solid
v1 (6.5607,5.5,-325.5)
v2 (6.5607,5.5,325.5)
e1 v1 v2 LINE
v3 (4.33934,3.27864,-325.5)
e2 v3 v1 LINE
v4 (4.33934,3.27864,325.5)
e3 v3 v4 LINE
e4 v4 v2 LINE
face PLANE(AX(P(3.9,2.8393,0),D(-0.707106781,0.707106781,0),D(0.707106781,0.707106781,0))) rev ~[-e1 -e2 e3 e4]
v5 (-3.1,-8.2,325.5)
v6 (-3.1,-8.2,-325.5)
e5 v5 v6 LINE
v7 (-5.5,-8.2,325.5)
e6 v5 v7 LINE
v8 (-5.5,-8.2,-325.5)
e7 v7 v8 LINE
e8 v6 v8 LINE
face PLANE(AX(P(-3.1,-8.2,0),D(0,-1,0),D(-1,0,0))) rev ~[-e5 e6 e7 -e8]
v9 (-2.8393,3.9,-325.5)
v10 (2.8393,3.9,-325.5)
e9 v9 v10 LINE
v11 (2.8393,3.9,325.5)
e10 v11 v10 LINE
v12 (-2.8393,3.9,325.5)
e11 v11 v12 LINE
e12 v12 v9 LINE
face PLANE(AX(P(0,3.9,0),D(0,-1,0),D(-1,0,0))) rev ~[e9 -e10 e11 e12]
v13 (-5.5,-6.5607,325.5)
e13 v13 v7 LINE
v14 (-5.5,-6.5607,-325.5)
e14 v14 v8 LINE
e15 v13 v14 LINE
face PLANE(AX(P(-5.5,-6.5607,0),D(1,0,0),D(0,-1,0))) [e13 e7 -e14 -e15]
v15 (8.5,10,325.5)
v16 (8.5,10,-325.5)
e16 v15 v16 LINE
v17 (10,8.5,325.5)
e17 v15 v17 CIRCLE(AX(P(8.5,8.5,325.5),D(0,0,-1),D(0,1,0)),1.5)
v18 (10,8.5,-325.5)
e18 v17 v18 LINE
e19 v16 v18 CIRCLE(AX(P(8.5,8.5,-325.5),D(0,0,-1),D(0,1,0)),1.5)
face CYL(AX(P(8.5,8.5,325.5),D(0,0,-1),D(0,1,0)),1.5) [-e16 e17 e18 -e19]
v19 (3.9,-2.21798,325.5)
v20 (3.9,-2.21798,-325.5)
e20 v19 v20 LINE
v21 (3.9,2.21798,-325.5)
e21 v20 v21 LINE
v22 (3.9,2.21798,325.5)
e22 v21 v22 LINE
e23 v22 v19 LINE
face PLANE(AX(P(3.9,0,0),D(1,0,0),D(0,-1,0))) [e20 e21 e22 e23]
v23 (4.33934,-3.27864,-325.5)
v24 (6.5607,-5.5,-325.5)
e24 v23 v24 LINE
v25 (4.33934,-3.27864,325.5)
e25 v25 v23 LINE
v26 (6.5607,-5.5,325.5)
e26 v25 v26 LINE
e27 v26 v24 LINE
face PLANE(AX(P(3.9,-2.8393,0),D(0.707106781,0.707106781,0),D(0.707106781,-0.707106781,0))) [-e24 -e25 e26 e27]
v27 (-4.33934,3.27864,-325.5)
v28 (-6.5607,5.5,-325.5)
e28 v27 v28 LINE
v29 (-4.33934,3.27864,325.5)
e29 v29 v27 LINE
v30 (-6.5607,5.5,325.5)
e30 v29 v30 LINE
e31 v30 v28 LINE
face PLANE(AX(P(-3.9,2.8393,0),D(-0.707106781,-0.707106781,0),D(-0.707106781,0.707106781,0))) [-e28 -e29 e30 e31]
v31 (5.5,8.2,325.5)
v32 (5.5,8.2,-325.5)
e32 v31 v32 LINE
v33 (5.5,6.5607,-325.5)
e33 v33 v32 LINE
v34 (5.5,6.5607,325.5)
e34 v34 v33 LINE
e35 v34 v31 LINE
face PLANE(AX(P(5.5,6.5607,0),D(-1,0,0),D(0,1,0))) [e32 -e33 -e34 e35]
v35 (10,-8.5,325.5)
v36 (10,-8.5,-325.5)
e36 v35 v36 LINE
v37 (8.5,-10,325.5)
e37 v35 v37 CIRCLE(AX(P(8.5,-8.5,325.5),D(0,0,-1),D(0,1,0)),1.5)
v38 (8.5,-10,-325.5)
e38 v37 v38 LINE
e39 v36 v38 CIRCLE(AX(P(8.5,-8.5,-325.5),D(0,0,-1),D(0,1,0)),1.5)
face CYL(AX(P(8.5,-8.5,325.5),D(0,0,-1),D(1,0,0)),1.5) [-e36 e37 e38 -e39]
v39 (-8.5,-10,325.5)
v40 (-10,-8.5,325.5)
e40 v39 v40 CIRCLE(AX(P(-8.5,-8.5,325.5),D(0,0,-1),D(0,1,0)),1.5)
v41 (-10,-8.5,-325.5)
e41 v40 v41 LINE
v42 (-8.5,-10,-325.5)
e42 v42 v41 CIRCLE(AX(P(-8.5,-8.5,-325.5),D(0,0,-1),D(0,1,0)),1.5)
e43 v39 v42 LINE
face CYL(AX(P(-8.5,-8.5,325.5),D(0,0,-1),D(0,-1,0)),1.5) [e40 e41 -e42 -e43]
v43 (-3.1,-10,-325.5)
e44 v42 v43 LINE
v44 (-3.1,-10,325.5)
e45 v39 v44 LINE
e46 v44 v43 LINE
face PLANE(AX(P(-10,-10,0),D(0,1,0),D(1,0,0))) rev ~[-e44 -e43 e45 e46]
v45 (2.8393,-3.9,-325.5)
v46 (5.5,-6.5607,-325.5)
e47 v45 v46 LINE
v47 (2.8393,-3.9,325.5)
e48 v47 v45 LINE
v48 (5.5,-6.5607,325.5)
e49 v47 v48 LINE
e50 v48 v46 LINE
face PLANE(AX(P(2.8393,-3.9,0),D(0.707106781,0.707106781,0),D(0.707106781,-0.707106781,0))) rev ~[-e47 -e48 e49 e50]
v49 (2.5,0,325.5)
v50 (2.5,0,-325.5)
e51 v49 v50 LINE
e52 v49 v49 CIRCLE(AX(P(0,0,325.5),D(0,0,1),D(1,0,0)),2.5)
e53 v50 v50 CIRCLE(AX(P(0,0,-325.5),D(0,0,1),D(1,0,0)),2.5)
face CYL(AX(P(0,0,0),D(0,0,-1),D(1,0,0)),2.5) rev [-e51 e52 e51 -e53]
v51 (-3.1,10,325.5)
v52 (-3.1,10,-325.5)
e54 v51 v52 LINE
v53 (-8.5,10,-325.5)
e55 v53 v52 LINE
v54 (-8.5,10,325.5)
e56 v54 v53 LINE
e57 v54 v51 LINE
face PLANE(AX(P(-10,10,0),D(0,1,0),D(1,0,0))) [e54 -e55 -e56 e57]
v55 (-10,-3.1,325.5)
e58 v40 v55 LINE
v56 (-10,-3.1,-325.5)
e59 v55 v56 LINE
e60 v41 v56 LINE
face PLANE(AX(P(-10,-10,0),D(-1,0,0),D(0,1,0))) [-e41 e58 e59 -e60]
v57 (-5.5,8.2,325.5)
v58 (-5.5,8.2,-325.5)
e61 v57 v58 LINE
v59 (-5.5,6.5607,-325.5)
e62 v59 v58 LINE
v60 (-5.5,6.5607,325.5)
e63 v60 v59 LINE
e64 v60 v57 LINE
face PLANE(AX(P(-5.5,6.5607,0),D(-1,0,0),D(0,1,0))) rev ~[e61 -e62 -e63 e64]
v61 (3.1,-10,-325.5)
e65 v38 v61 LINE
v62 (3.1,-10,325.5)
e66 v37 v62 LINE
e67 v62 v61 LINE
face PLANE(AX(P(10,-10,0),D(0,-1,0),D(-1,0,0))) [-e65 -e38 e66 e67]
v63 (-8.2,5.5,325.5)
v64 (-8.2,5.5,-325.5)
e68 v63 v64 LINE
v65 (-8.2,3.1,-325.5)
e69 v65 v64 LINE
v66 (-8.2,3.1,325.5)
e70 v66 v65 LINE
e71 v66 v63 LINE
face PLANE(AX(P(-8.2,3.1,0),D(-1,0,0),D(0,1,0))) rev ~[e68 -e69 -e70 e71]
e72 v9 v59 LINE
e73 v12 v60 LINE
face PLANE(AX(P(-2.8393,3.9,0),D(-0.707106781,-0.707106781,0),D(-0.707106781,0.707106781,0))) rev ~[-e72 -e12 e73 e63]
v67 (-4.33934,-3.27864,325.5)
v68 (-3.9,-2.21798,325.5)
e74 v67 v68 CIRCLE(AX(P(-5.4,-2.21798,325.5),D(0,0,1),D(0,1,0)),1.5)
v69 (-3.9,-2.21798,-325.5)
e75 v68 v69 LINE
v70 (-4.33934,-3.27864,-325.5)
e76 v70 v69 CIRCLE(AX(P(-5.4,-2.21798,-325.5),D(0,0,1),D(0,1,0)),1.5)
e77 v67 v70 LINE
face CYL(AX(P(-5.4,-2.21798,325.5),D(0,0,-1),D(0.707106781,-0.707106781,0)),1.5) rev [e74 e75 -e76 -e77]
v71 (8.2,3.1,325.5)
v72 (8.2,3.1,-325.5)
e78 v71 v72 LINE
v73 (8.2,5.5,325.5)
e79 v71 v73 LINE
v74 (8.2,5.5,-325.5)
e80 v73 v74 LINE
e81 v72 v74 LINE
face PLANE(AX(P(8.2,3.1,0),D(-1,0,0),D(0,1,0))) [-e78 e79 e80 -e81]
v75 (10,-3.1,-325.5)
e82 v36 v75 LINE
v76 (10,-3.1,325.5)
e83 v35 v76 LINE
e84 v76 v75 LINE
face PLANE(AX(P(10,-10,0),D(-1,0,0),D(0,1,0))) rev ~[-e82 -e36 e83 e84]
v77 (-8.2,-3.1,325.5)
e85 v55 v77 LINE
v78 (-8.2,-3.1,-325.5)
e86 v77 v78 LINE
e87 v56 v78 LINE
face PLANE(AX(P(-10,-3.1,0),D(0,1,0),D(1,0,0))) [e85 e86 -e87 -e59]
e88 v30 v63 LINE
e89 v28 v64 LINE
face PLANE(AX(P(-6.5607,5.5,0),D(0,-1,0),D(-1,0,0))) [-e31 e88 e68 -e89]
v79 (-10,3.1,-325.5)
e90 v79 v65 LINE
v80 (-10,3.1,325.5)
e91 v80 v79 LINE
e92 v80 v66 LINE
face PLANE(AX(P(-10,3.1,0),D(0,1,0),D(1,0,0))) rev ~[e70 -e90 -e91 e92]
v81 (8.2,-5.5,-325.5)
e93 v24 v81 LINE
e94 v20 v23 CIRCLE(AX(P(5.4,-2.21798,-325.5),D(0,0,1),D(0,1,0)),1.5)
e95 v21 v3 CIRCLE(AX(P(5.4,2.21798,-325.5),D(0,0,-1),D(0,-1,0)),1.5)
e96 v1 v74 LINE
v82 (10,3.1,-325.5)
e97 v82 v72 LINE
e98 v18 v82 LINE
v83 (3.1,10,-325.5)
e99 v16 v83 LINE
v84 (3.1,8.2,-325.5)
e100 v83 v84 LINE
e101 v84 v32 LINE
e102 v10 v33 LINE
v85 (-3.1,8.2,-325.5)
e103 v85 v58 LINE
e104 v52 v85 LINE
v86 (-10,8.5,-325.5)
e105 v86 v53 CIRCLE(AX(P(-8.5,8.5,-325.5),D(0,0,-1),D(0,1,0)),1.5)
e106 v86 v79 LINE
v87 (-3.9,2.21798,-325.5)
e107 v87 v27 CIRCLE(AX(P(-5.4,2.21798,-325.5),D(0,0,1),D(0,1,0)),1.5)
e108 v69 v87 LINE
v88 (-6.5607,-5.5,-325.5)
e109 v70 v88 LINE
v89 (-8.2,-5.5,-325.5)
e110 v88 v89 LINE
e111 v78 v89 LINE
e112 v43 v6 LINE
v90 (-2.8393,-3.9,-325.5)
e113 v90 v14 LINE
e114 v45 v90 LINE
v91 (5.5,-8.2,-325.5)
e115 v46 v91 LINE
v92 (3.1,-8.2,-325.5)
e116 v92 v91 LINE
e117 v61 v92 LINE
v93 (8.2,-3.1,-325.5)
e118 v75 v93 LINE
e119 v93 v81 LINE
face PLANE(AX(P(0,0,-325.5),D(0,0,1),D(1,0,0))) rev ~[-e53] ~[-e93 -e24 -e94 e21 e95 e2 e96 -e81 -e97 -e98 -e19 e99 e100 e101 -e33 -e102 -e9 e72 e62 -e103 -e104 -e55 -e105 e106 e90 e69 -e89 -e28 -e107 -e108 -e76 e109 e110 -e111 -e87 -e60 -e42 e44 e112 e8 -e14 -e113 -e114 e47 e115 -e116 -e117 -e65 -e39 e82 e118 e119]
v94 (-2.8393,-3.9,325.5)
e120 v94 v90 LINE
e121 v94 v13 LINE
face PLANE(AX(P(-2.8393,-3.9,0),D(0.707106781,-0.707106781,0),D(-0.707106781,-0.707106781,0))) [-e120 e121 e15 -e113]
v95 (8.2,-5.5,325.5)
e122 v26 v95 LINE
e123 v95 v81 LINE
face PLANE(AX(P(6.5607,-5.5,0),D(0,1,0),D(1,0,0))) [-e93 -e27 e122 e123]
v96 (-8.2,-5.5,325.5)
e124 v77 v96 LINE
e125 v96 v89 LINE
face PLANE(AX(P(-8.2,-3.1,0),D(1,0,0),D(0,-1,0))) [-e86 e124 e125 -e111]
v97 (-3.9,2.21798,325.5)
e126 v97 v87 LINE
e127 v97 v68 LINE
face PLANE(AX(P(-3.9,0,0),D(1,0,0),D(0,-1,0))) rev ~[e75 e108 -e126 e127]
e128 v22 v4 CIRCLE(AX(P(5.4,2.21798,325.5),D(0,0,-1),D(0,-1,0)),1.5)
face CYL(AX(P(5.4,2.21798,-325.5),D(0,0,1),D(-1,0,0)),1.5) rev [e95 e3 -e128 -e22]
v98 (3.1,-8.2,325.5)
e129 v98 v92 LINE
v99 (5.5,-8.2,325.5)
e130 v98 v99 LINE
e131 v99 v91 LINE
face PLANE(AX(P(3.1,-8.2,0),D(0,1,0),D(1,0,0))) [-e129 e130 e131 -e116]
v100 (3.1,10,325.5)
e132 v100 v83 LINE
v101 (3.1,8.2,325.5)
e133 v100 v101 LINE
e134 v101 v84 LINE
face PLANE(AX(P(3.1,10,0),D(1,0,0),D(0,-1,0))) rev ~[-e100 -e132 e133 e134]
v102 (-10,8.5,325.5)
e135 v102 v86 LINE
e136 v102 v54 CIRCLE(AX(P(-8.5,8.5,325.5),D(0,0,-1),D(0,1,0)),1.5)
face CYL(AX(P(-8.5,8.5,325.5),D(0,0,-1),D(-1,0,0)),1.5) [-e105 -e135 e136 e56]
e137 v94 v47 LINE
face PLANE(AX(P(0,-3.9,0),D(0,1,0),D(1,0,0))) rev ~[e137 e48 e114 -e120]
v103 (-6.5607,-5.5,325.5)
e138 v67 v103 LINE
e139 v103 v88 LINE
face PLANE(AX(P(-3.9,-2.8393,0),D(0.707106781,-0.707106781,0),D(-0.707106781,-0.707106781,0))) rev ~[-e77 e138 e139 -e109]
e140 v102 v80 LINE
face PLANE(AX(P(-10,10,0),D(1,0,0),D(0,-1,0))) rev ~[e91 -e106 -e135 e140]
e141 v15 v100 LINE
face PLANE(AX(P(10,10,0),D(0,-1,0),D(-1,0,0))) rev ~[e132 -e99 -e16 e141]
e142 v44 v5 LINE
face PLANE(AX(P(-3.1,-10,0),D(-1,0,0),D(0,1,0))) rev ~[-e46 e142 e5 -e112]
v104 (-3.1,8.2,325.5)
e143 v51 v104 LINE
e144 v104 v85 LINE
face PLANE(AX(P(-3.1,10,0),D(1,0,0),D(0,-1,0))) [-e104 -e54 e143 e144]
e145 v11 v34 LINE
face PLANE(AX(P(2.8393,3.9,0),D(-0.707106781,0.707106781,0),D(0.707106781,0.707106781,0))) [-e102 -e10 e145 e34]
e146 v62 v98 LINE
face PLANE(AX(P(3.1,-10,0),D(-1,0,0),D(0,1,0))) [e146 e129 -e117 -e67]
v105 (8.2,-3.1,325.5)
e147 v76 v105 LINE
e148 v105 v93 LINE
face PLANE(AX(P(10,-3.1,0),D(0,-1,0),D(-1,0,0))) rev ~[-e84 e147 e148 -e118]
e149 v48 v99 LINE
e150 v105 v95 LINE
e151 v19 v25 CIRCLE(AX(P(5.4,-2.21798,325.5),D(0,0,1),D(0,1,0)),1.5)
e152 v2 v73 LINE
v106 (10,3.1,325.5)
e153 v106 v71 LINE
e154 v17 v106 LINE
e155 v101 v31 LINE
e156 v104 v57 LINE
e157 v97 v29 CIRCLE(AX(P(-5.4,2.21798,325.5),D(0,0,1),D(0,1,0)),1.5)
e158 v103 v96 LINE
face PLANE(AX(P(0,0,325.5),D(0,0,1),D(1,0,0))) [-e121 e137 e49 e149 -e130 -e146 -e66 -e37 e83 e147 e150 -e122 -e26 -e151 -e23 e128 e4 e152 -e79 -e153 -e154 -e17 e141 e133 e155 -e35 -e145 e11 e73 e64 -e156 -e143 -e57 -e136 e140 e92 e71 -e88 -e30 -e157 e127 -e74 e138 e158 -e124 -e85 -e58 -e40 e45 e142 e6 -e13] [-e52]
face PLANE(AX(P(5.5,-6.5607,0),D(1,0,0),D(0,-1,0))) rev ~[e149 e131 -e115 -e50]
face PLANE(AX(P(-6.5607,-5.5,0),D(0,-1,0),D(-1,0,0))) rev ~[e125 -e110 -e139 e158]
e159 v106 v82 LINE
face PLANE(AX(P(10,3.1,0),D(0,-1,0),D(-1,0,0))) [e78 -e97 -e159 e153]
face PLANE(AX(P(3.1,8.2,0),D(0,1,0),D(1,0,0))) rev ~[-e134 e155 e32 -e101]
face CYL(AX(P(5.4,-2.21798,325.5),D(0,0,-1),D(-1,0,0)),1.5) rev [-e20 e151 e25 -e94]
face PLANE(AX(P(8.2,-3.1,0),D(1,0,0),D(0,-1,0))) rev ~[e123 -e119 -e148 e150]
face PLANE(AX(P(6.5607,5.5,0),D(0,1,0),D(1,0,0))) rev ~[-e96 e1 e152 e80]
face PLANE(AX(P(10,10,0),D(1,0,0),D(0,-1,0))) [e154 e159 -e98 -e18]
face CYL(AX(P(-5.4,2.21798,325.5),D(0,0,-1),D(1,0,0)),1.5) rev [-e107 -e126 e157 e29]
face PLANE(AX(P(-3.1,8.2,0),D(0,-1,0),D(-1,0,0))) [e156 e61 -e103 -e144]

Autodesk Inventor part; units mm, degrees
ref_plane "YZ Plane" through (0, 0, 0) normal (1, 0, 0) x (0, 1, 0)
ref_plane "XZ Plane" through (0, 0, 0) normal (0, 1, 0) x (-1, 0, 0)
ref_plane "XY Plane" through (0, 0, 0) normal (0, 0, 1) x (1, 0, 0)
sketch "Sketch1" plane through (0, 0, 0) normal (0, 0, 1) x (1, 0, 0)
  line L0 (-10, 10) -> (10, 10) construction
  line L1 (10, 10) -> (10, -10) construction
  line L2 (10, -10) -> (-10, -10) construction
  line L3 (-10, -10) -> (-10, 10) construction
  line L4 (0, 10) -> (0, -10) construction
  circle A0 centre (0, 0) radius 2.5
  line L5 (10, 0) -> (-10, 0) construction
  line L6 (0, 0) -> (10, 10) construction
  line L7 (-3.9, 3.9) -> (3.9, 3.9) construction
  line L8 (3.9, 3.9) -> (3.9, -3.9) construction
  line L9 (3.9, -3.9) -> (-3.9, -3.9) construction
  line L10 (-3.9, -3.9) -> (-3.9, 3.9) construction
  line L11 (2.8393, 3.9) -> (3.9, 2.8393) construction
  line L12 (10, 10) -> (5.5, 10) construction
  line L13 (5.5, 10) -> (5.5, 5.5) construction
  line L14 (5.5, 5.5) -> (10, 5.5) construction
  line L15 (10, 5.5) -> (10, 10) construction
  line L16 (3.9, 0) -> (3.9, 2.8393)
  line L17 (3.9, 2.8393) -> (6.5607, 5.5)
  line L18 (0, 3.9) -> (2.8393, 3.9)
  line L19 (2.8393, 3.9) -> (5.5, 6.5607)
  line L20 (10, 10) -> (10, 3.1)
  line L21 (10, 3.1) -> (8.2, 3.1)
  line L22 (8.2, 3.1) -> (8.2, 5.5)
  line L23 (6.5607, 5.5) -> (8.2, 5.5)
  line L24 (10, 10) -> (3.1, 10)
  line L25 (3.1, 10) -> (3.1, 8.2)
  line L26 (3.1, 8.2) -> (5.5, 8.2)
  line L27 (5.5, 6.5607) -> (5.5, 8.2)
  line L28 (-3.9, 0) -> (-3.9, 2.8393)
  line L29 (-3.9, 2.8393) -> (-6.5607, 5.5)
  line L30 (0, 3.9) -> (-2.8393, 3.9)
  line L31 (-2.8393, 3.9) -> (-5.5, 6.5607)
  line L32 (-10, 10) -> (-10, 3.1)
  line L33 (-10, 3.1) -> (-8.2, 3.1)
  line L34 (-8.2, 3.1) -> (-8.2, 5.5)
  line L35 (-6.5607, 5.5) -> (-8.2, 5.5)
  line L36 (-10, 10) -> (-3.1, 10)
  line L37 (-3.1, 10) -> (-3.1, 8.2)
  line L38 (-3.1, 8.2) -> (-5.5, 8.2)
  line L39 (-5.5, 6.5607) -> (-5.5, 8.2)
  line L40 (3.9, 0) -> (3.9, -2.8393)
  line L41 (3.9, -2.8393) -> (6.5607, -5.5)
  line L42 (0, -3.9) -> (2.8393, -3.9)
  line L43 (2.8393, -3.9) -> (5.5, -6.5607)
  line L44 (10, -10) -> (10, -3.1)
  line L45 (10, -3.1) -> (8.2, -3.1)
  line L46 (8.2, -3.1) -> (8.2, -5.5)
  line L47 (6.5607, -5.5) -> (8.2, -5.5)
  line L48 (10, -10) -> (3.1, -10)
  line L49 (3.1, -10) -> (3.1, -8.2)
  line L50 (3.1, -8.2) -> (5.5, -8.2)
  line L51 (5.5, -6.5607) -> (5.5, -8.2)
  line L52 (-3.9, 0) -> (-3.9, -2.8393)
  line L53 (-3.9, -2.8393) -> (-6.5607, -5.5)
  line L54 (-6.5607, -5.5) -> (-8.2, -5.5)
  line L55 (-8.2, -3.1) -> (-8.2, -5.5)
  line L56 (-10, -3.1) -> (-8.2, -3.1)
  line L57 (-10, -10) -> (-10, -3.1)
  line L58 (-10, -10) -> (-3.1, -10)
  line L59 (-3.1, -10) -> (-3.1, -8.2)
  line L60 (-3.1, -8.2) -> (-5.5, -8.2)
  line L61 (-5.5, -6.5607) -> (-5.5, -8.2)
  line L62 (-2.8393, -3.9) -> (-5.5, -6.5607)
  line L63 (0, -3.9) -> (-2.8393, -3.9)
  point P0 (0, 0)
  point P1 (0, 0)
  dimension "d8" = 20
  dimension "d9" = 20
  dimension "d10" = 5
  dimension "d18" = 6.1
  dimension "d19" = 6.1
  dimension "d21" = 1.5
  dimension "d24" = 4.5
  dimension "d25" = 4.5
  dimension "d26" = 1.5
  dimension "d27" = 6.9
  dimension "d28" = 1.8
extrude "Extrusion1" add sketch "Sketch1" along normal mid plane 651
fillet "Fillet1" radius 1.5 8 edges at (10, 10, 0) (-10, 10, 0) (10, -10, 0) (-10, -10, 0) (3.9, 2.8393, 0) (3.9, -2.8393, 0) (-3.9, 2.8393, 0) (-3.9, -2.8393, 0)
properties part number "perfil_2020T"
